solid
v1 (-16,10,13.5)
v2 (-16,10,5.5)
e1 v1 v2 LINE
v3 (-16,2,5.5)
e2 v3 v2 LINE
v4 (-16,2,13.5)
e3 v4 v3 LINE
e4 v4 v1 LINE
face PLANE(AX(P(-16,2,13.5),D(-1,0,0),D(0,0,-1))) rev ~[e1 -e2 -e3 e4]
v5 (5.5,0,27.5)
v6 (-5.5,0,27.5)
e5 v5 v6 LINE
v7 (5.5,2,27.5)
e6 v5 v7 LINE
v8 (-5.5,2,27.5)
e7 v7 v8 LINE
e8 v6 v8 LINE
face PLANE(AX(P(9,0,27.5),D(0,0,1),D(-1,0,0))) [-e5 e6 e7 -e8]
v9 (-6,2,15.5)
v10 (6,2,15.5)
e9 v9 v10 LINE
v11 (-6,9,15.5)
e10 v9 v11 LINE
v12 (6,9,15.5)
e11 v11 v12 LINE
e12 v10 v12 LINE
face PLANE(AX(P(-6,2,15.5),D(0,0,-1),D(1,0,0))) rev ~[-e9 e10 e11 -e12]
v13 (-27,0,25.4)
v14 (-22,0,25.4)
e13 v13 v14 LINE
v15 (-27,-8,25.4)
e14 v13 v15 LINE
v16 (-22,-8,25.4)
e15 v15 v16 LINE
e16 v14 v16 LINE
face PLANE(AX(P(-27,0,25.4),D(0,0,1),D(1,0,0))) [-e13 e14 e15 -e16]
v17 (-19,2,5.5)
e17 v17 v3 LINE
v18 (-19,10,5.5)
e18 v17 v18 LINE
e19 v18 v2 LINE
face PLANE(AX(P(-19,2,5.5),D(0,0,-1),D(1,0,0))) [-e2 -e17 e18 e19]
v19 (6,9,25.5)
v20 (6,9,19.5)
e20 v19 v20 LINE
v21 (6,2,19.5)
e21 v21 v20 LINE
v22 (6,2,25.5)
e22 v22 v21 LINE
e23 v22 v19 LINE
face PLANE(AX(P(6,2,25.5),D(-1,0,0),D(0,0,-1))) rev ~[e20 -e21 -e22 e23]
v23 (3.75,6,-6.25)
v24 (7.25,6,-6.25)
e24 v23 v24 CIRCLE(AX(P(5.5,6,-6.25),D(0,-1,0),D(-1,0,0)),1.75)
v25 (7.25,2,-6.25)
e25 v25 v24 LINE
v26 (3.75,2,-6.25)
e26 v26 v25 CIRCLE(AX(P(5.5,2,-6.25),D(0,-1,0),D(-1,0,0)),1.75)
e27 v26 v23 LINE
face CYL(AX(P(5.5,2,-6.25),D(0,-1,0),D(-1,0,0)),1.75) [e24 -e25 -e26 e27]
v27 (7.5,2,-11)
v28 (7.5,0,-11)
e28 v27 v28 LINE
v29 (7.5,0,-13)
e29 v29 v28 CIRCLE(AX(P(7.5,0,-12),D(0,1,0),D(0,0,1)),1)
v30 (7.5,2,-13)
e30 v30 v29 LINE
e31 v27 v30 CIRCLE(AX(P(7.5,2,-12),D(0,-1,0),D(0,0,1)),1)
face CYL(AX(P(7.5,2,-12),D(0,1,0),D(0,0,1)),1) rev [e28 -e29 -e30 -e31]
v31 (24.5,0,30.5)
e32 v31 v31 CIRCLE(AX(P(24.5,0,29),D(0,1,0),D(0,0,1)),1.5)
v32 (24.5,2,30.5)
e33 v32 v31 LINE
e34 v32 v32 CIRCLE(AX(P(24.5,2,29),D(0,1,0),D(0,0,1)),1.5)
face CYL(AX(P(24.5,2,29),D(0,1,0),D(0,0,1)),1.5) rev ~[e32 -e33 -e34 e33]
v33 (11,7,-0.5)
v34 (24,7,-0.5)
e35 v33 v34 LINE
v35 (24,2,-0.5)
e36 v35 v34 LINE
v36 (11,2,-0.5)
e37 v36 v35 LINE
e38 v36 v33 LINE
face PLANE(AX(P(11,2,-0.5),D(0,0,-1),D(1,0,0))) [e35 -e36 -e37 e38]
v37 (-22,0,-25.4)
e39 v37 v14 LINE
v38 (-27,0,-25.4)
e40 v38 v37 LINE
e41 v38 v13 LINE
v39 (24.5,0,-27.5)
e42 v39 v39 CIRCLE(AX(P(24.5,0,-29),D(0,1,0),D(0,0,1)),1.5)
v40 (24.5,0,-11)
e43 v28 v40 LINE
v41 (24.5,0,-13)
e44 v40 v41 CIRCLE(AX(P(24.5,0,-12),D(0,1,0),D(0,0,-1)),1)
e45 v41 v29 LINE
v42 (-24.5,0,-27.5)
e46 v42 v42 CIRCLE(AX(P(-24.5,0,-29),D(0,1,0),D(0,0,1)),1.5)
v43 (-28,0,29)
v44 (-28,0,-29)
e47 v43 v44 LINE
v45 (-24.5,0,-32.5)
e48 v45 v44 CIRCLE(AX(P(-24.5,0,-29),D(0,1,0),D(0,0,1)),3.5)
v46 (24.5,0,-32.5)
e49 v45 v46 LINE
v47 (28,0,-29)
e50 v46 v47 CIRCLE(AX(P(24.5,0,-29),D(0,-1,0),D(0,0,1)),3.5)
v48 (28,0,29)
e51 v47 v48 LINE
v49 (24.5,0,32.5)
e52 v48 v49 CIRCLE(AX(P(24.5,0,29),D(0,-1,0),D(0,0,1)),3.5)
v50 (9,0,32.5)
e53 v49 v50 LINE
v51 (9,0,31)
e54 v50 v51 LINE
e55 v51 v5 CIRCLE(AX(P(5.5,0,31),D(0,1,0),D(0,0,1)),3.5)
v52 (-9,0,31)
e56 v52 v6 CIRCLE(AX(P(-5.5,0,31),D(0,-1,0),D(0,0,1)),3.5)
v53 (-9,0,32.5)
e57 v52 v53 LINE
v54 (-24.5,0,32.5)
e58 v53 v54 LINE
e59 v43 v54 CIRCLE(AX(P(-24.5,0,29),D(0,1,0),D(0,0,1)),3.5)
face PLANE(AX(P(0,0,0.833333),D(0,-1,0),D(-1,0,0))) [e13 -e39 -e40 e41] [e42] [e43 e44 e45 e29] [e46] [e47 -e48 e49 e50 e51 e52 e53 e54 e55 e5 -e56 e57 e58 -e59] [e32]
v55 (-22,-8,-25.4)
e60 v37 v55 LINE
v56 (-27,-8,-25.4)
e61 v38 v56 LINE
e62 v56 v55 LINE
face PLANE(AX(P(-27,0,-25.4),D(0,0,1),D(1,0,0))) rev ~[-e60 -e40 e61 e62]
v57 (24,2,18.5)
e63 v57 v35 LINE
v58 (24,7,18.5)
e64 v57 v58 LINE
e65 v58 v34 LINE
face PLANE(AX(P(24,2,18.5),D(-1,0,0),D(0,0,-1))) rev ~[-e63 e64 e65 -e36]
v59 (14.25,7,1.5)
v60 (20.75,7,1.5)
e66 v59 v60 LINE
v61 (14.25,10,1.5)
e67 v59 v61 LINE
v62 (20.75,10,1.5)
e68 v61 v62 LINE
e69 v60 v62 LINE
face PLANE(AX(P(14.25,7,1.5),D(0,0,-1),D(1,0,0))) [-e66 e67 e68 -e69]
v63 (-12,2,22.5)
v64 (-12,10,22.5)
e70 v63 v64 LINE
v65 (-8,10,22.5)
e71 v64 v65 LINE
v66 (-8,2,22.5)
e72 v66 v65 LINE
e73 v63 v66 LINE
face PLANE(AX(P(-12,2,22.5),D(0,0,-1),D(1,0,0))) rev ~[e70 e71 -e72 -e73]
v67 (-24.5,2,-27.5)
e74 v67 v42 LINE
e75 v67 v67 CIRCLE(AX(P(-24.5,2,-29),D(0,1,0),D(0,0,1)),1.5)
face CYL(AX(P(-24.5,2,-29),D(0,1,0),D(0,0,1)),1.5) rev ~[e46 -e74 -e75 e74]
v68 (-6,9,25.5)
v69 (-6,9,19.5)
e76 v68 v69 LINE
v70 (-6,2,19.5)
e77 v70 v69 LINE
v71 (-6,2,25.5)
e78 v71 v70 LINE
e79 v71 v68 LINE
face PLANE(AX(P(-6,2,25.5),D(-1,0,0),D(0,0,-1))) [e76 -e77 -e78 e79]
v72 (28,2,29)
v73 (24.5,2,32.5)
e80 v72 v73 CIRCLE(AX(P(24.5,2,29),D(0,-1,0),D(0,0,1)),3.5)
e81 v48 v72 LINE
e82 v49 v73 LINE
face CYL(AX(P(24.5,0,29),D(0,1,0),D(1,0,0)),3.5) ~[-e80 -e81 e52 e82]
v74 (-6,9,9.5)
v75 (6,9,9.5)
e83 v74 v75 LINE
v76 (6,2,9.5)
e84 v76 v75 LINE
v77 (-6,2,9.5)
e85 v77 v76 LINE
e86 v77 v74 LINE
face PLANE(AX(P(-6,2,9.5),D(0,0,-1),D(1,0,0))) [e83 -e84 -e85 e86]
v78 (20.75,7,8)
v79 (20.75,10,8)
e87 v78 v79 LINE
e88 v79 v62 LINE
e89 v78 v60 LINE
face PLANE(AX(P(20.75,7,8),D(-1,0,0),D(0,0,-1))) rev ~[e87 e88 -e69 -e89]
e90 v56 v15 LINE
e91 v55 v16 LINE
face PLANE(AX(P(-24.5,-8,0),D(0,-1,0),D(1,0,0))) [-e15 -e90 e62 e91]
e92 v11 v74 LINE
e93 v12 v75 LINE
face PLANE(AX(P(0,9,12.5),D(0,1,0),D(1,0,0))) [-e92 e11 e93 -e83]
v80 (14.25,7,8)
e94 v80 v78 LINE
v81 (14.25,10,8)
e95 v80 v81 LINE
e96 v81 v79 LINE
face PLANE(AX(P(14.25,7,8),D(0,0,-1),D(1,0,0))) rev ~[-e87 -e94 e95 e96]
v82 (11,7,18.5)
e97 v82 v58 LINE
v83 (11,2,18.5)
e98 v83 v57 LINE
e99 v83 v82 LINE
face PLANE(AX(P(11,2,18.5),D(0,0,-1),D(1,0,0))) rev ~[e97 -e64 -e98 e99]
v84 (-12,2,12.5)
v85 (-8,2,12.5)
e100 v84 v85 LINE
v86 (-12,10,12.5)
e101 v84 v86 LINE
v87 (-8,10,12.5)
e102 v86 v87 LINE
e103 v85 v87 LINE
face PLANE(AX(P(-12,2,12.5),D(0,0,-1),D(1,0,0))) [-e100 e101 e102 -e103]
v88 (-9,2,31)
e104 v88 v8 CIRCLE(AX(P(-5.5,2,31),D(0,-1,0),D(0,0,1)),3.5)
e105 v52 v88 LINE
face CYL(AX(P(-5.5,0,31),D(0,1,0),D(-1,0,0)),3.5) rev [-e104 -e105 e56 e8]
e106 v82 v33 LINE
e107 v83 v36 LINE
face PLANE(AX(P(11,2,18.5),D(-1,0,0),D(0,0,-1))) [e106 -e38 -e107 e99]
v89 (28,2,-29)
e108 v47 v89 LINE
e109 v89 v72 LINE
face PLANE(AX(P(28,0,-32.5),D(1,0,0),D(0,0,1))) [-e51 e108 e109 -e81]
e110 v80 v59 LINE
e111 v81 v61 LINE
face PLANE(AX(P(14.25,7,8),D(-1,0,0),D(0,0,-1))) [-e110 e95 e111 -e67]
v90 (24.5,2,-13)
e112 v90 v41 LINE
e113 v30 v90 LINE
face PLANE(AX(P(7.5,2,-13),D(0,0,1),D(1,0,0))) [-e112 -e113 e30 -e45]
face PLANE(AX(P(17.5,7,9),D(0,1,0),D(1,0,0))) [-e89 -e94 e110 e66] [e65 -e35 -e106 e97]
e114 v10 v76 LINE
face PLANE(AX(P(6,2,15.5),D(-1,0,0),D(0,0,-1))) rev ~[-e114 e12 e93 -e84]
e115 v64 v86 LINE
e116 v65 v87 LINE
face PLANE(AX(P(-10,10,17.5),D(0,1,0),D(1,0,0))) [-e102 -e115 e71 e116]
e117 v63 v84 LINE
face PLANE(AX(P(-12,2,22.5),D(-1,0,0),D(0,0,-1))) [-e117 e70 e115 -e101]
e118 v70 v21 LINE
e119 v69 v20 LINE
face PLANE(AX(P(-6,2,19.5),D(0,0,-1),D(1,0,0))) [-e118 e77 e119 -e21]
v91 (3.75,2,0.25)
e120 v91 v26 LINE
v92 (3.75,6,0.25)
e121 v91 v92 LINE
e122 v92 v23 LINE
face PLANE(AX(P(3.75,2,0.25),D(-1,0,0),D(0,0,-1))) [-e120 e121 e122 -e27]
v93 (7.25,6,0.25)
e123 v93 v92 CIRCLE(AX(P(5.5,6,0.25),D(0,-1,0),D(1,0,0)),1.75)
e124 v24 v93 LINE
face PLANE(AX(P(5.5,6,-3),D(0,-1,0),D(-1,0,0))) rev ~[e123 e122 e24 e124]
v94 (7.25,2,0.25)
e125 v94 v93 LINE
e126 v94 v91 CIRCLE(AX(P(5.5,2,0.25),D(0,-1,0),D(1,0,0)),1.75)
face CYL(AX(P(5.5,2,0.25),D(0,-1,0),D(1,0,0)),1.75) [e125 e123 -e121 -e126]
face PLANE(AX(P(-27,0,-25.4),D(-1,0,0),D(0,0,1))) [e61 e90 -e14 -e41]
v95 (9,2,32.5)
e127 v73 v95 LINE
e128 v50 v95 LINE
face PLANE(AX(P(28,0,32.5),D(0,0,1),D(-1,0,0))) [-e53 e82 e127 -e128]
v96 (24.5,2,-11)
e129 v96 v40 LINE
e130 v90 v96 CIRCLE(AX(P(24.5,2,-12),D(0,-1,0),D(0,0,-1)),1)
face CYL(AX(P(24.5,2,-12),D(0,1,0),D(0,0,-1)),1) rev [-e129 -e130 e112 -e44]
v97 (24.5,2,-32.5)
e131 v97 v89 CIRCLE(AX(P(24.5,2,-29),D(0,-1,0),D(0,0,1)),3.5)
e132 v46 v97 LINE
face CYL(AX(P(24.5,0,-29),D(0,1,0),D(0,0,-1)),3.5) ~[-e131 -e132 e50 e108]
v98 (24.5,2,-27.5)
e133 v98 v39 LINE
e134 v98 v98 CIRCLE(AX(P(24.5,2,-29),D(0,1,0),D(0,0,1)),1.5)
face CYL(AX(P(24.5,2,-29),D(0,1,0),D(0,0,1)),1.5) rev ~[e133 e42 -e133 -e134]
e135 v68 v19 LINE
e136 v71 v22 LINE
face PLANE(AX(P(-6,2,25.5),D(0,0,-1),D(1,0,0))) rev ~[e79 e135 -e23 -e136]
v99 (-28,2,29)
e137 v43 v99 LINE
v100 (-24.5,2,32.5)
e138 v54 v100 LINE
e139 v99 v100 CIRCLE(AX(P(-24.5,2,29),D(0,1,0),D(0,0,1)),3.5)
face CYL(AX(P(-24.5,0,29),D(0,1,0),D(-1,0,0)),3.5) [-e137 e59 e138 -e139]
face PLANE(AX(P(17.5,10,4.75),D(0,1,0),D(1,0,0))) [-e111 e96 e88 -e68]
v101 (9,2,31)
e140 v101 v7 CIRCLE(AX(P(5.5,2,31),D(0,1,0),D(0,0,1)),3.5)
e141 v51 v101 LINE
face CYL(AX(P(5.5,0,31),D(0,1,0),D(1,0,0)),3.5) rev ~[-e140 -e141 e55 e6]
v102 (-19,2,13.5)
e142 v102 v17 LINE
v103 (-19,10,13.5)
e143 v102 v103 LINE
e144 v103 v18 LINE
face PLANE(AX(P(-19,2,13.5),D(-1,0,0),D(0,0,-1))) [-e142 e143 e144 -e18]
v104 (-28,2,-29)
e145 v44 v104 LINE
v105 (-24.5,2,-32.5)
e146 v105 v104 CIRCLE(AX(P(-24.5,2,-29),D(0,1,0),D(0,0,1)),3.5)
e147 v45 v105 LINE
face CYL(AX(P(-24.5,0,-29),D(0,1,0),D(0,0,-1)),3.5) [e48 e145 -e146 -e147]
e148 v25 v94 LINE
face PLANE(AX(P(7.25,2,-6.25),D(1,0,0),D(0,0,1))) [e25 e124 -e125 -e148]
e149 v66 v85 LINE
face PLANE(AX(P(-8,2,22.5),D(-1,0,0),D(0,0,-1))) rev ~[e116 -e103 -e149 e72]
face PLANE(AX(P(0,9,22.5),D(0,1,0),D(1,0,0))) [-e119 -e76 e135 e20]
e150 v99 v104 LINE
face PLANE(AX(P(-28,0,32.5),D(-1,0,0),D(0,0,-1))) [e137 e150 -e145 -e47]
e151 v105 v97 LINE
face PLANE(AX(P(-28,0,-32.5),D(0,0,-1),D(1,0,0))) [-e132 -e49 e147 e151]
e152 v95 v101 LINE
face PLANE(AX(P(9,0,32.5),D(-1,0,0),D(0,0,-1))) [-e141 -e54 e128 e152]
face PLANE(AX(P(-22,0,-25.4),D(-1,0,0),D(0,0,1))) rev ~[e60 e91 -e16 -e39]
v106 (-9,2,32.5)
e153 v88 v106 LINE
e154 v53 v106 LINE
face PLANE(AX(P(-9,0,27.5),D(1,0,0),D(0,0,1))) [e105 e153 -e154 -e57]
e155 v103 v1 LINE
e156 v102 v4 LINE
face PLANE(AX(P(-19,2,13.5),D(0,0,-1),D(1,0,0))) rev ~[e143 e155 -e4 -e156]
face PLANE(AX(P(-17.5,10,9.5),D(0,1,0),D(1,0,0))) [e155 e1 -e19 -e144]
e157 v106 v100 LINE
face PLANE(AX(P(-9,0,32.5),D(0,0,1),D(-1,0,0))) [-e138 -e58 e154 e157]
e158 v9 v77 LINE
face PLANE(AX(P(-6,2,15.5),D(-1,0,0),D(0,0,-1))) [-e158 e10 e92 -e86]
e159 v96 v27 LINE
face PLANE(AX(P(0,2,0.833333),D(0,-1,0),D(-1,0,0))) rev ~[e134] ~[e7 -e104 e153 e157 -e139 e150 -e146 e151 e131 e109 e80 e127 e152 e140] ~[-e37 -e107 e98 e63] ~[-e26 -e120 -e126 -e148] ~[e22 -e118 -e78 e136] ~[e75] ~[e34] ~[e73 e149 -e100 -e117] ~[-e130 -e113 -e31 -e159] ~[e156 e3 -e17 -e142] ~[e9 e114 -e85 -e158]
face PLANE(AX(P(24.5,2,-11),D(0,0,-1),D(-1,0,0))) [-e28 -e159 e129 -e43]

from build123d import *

# Parameters (mm, degrees)
EXTRUDE_610_DEPTH      = 2
SKETCH_2_R             = 1.5
CUT_EXTRUDE_906_DEPTH  = 43.944731924
CUT_EXTRUDE_1170_DEPTH = 43.944731924
SKETCH_4_W             = 5
SKETCH_4_H             = 50.8
EXTRUDE_1451_DEPTH     = 8
SKETCH_5_W             = 12
SKETCH_5_H             = 6
CAN_DEPTH              = 7
PATTERN_LINEAR_1_COUNT = 2
PATTERN_LINEAR_1_PITCH = 10
SKETCH_6_W             = 4
SKETCH_6_H             = 10
EXTRUDE_2243_DEPTH     = 8
SKETCH_7_W             = 13
SKETCH_7_H             = 19
EXTRUDE_2697_DEPTH     = 5
SKETCH_8_W             = 6.5
SKETCH_8_H             = 6.5
EXTRUDE_2917_DEPTH     = 3
SKETCH_9_W             = 3
SKETCH_9_H             = 8
UART_DEPTH             = 8
EXTRUDE_3952_DEPTH     = 4
FILLET_1_R             = 3.5


with BuildPart() as part:
    # Эскиз1 → Extrude 610 (new body)
    with BuildSketch(Plane(origin=(0, 0, 0), x_dir=(1, 0, 0), z_dir=(0, 1, 0))):
        Polygon((-28, 32.5), (28, 32.5), (28, -32.5), (9, -32.5), (9, -27.5), (-9, -27.5), (-9, -32.5), (-28, -32.5), align=None)
    extrude(amount=EXTRUDE_610_DEPTH)

    # Эскиз2 → Cut-Extrude 906 (cut, through all)
    with BuildSketch(Plane(origin=(0, 2, 0), x_dir=(1, 0, 0), z_dir=(0, 1, 0))):
        with Locations(Location((-24.5, 29, 0), (0, 0, 270))):
            Circle(SKETCH_2_R)
        with Locations(Location((24.5, 29, 0), (0, 0, 270))):
            Circle(SKETCH_2_R)
        with Locations(Location((24.5, -29, 0), (0, 0, 270))):
            Circle(SKETCH_2_R)
    extrude(amount=-CUT_EXTRUDE_906_DEPTH, mode=Mode.SUBTRACT)

    # Эскиз3 → Cut-Extrude 1170 (cut, through all)
    with BuildSketch(Plane(origin=(0, 2, 0), x_dir=(1, 0, 0), z_dir=(0, 1, 0))):
        with BuildLine():
            Line((7.5, 13), (24.5, 13))
            ThreePointArc((24.5, 13), (25.5, 12), (24.5, 11))
            Line((24.5, 11), (7.5, 11))
            ThreePointArc((7.5, 11), (6.5, 12), (7.5, 13))
        make_face()
    extrude(amount=-CUT_EXTRUDE_1170_DEPTH, mode=Mode.SUBTRACT)

    # Эскиз4 → Extrude 1451 (add)
    with BuildSketch(Plane.XZ):
        with Locations((-24.5, 0)):
            Rectangle(SKETCH_4_W, SKETCH_4_H)
    extrude(amount=EXTRUDE_1451_DEPTH)

    # Эскиз5 → CAN разъем (add)
    with BuildSketch(Plane(origin=(0, 2, 0), x_dir=(1, 0, 0), z_dir=(0, 1, 0))):
        with Locations((0, -22.5)):
            Rectangle(SKETCH_5_W, SKETCH_5_H)
    can = extrude(amount=CAN_DEPTH)

    # Линейный массив1: CAN разъем ×2
    with Locations(*[(0, 0, -i * PATTERN_LINEAR_1_PITCH) for i in range(1, PATTERN_LINEAR_1_COUNT)]):
        add(can)

    # Эскиз6 → Extrude 2243 (add)
    with BuildSketch(Plane(origin=(0, 2, 0), x_dir=(1, 0, 0), z_dir=(0, 1, 0))):
        with Locations((-10, -17.5)):
            Rectangle(SKETCH_6_W, SKETCH_6_H)
    extrude(amount=EXTRUDE_2243_DEPTH)

    # Эскиз7 → Extrude 2697 (add)
    with BuildSketch(Plane(origin=(0, 2, 0), x_dir=(1, 0, 0), z_dir=(0, 1, 0))):
        with Locations((17.5, -9)):
            Rectangle(SKETCH_7_W, SKETCH_7_H)
    extrude(amount=EXTRUDE_2697_DEPTH)

    # Эскиз8 → Extrude 2917 (add)
    with BuildSketch(Plane(origin=(0, 7, 0), x_dir=(1, 0, 0), z_dir=(0, 1, 0))):
        with Locations((17.5, -4.75)):
            Rectangle(SKETCH_8_W, SKETCH_8_H)
    extrude(amount=EXTRUDE_2917_DEPTH)

    # Эскиз9 → uart (add)
    with BuildSketch(Plane(origin=(0, 2, 0), x_dir=(1, 0, 0), z_dir=(0, 1, 0))):
        with Locations((-17.5, -9.5)):
            Rectangle(SKETCH_9_W, SKETCH_9_H)
    extrude(amount=UART_DEPTH)

    # Эскиз10 → Extrude 3952 (add)
    with BuildSketch(Plane(origin=(0, 2, 0), x_dir=(1, 0, 0), z_dir=(0, 1, 0))):
        with BuildLine():
            Line((3.75, -0.25), (3.75, 6.25))
            ThreePointArc((3.75, 6.25), (5.5, 8), (7.25, 6.25))
            Line((7.25, 6.25), (7.25, -0.25))
            ThreePointArc((7.25, -0.25), (5.5, -2), (3.75, -0.25))
        make_face()
    extrude(amount=EXTRUDE_3952_DEPTH)

    # Скругление1
    fillet_1_edges = [part.edges().sort_by_distance(p)[0] for p in [
        (-28, 1, -32.5),
        (28, 1, -32.5),
        (28, 1, 32.5),
        (9, 1, 27.5),
        (-9, 1, 27.5),
        (-28, 1, 32.5),
    ]]
    fillet(fillet_1_edges, radius=FILLET_1_R)


solid = part.part
